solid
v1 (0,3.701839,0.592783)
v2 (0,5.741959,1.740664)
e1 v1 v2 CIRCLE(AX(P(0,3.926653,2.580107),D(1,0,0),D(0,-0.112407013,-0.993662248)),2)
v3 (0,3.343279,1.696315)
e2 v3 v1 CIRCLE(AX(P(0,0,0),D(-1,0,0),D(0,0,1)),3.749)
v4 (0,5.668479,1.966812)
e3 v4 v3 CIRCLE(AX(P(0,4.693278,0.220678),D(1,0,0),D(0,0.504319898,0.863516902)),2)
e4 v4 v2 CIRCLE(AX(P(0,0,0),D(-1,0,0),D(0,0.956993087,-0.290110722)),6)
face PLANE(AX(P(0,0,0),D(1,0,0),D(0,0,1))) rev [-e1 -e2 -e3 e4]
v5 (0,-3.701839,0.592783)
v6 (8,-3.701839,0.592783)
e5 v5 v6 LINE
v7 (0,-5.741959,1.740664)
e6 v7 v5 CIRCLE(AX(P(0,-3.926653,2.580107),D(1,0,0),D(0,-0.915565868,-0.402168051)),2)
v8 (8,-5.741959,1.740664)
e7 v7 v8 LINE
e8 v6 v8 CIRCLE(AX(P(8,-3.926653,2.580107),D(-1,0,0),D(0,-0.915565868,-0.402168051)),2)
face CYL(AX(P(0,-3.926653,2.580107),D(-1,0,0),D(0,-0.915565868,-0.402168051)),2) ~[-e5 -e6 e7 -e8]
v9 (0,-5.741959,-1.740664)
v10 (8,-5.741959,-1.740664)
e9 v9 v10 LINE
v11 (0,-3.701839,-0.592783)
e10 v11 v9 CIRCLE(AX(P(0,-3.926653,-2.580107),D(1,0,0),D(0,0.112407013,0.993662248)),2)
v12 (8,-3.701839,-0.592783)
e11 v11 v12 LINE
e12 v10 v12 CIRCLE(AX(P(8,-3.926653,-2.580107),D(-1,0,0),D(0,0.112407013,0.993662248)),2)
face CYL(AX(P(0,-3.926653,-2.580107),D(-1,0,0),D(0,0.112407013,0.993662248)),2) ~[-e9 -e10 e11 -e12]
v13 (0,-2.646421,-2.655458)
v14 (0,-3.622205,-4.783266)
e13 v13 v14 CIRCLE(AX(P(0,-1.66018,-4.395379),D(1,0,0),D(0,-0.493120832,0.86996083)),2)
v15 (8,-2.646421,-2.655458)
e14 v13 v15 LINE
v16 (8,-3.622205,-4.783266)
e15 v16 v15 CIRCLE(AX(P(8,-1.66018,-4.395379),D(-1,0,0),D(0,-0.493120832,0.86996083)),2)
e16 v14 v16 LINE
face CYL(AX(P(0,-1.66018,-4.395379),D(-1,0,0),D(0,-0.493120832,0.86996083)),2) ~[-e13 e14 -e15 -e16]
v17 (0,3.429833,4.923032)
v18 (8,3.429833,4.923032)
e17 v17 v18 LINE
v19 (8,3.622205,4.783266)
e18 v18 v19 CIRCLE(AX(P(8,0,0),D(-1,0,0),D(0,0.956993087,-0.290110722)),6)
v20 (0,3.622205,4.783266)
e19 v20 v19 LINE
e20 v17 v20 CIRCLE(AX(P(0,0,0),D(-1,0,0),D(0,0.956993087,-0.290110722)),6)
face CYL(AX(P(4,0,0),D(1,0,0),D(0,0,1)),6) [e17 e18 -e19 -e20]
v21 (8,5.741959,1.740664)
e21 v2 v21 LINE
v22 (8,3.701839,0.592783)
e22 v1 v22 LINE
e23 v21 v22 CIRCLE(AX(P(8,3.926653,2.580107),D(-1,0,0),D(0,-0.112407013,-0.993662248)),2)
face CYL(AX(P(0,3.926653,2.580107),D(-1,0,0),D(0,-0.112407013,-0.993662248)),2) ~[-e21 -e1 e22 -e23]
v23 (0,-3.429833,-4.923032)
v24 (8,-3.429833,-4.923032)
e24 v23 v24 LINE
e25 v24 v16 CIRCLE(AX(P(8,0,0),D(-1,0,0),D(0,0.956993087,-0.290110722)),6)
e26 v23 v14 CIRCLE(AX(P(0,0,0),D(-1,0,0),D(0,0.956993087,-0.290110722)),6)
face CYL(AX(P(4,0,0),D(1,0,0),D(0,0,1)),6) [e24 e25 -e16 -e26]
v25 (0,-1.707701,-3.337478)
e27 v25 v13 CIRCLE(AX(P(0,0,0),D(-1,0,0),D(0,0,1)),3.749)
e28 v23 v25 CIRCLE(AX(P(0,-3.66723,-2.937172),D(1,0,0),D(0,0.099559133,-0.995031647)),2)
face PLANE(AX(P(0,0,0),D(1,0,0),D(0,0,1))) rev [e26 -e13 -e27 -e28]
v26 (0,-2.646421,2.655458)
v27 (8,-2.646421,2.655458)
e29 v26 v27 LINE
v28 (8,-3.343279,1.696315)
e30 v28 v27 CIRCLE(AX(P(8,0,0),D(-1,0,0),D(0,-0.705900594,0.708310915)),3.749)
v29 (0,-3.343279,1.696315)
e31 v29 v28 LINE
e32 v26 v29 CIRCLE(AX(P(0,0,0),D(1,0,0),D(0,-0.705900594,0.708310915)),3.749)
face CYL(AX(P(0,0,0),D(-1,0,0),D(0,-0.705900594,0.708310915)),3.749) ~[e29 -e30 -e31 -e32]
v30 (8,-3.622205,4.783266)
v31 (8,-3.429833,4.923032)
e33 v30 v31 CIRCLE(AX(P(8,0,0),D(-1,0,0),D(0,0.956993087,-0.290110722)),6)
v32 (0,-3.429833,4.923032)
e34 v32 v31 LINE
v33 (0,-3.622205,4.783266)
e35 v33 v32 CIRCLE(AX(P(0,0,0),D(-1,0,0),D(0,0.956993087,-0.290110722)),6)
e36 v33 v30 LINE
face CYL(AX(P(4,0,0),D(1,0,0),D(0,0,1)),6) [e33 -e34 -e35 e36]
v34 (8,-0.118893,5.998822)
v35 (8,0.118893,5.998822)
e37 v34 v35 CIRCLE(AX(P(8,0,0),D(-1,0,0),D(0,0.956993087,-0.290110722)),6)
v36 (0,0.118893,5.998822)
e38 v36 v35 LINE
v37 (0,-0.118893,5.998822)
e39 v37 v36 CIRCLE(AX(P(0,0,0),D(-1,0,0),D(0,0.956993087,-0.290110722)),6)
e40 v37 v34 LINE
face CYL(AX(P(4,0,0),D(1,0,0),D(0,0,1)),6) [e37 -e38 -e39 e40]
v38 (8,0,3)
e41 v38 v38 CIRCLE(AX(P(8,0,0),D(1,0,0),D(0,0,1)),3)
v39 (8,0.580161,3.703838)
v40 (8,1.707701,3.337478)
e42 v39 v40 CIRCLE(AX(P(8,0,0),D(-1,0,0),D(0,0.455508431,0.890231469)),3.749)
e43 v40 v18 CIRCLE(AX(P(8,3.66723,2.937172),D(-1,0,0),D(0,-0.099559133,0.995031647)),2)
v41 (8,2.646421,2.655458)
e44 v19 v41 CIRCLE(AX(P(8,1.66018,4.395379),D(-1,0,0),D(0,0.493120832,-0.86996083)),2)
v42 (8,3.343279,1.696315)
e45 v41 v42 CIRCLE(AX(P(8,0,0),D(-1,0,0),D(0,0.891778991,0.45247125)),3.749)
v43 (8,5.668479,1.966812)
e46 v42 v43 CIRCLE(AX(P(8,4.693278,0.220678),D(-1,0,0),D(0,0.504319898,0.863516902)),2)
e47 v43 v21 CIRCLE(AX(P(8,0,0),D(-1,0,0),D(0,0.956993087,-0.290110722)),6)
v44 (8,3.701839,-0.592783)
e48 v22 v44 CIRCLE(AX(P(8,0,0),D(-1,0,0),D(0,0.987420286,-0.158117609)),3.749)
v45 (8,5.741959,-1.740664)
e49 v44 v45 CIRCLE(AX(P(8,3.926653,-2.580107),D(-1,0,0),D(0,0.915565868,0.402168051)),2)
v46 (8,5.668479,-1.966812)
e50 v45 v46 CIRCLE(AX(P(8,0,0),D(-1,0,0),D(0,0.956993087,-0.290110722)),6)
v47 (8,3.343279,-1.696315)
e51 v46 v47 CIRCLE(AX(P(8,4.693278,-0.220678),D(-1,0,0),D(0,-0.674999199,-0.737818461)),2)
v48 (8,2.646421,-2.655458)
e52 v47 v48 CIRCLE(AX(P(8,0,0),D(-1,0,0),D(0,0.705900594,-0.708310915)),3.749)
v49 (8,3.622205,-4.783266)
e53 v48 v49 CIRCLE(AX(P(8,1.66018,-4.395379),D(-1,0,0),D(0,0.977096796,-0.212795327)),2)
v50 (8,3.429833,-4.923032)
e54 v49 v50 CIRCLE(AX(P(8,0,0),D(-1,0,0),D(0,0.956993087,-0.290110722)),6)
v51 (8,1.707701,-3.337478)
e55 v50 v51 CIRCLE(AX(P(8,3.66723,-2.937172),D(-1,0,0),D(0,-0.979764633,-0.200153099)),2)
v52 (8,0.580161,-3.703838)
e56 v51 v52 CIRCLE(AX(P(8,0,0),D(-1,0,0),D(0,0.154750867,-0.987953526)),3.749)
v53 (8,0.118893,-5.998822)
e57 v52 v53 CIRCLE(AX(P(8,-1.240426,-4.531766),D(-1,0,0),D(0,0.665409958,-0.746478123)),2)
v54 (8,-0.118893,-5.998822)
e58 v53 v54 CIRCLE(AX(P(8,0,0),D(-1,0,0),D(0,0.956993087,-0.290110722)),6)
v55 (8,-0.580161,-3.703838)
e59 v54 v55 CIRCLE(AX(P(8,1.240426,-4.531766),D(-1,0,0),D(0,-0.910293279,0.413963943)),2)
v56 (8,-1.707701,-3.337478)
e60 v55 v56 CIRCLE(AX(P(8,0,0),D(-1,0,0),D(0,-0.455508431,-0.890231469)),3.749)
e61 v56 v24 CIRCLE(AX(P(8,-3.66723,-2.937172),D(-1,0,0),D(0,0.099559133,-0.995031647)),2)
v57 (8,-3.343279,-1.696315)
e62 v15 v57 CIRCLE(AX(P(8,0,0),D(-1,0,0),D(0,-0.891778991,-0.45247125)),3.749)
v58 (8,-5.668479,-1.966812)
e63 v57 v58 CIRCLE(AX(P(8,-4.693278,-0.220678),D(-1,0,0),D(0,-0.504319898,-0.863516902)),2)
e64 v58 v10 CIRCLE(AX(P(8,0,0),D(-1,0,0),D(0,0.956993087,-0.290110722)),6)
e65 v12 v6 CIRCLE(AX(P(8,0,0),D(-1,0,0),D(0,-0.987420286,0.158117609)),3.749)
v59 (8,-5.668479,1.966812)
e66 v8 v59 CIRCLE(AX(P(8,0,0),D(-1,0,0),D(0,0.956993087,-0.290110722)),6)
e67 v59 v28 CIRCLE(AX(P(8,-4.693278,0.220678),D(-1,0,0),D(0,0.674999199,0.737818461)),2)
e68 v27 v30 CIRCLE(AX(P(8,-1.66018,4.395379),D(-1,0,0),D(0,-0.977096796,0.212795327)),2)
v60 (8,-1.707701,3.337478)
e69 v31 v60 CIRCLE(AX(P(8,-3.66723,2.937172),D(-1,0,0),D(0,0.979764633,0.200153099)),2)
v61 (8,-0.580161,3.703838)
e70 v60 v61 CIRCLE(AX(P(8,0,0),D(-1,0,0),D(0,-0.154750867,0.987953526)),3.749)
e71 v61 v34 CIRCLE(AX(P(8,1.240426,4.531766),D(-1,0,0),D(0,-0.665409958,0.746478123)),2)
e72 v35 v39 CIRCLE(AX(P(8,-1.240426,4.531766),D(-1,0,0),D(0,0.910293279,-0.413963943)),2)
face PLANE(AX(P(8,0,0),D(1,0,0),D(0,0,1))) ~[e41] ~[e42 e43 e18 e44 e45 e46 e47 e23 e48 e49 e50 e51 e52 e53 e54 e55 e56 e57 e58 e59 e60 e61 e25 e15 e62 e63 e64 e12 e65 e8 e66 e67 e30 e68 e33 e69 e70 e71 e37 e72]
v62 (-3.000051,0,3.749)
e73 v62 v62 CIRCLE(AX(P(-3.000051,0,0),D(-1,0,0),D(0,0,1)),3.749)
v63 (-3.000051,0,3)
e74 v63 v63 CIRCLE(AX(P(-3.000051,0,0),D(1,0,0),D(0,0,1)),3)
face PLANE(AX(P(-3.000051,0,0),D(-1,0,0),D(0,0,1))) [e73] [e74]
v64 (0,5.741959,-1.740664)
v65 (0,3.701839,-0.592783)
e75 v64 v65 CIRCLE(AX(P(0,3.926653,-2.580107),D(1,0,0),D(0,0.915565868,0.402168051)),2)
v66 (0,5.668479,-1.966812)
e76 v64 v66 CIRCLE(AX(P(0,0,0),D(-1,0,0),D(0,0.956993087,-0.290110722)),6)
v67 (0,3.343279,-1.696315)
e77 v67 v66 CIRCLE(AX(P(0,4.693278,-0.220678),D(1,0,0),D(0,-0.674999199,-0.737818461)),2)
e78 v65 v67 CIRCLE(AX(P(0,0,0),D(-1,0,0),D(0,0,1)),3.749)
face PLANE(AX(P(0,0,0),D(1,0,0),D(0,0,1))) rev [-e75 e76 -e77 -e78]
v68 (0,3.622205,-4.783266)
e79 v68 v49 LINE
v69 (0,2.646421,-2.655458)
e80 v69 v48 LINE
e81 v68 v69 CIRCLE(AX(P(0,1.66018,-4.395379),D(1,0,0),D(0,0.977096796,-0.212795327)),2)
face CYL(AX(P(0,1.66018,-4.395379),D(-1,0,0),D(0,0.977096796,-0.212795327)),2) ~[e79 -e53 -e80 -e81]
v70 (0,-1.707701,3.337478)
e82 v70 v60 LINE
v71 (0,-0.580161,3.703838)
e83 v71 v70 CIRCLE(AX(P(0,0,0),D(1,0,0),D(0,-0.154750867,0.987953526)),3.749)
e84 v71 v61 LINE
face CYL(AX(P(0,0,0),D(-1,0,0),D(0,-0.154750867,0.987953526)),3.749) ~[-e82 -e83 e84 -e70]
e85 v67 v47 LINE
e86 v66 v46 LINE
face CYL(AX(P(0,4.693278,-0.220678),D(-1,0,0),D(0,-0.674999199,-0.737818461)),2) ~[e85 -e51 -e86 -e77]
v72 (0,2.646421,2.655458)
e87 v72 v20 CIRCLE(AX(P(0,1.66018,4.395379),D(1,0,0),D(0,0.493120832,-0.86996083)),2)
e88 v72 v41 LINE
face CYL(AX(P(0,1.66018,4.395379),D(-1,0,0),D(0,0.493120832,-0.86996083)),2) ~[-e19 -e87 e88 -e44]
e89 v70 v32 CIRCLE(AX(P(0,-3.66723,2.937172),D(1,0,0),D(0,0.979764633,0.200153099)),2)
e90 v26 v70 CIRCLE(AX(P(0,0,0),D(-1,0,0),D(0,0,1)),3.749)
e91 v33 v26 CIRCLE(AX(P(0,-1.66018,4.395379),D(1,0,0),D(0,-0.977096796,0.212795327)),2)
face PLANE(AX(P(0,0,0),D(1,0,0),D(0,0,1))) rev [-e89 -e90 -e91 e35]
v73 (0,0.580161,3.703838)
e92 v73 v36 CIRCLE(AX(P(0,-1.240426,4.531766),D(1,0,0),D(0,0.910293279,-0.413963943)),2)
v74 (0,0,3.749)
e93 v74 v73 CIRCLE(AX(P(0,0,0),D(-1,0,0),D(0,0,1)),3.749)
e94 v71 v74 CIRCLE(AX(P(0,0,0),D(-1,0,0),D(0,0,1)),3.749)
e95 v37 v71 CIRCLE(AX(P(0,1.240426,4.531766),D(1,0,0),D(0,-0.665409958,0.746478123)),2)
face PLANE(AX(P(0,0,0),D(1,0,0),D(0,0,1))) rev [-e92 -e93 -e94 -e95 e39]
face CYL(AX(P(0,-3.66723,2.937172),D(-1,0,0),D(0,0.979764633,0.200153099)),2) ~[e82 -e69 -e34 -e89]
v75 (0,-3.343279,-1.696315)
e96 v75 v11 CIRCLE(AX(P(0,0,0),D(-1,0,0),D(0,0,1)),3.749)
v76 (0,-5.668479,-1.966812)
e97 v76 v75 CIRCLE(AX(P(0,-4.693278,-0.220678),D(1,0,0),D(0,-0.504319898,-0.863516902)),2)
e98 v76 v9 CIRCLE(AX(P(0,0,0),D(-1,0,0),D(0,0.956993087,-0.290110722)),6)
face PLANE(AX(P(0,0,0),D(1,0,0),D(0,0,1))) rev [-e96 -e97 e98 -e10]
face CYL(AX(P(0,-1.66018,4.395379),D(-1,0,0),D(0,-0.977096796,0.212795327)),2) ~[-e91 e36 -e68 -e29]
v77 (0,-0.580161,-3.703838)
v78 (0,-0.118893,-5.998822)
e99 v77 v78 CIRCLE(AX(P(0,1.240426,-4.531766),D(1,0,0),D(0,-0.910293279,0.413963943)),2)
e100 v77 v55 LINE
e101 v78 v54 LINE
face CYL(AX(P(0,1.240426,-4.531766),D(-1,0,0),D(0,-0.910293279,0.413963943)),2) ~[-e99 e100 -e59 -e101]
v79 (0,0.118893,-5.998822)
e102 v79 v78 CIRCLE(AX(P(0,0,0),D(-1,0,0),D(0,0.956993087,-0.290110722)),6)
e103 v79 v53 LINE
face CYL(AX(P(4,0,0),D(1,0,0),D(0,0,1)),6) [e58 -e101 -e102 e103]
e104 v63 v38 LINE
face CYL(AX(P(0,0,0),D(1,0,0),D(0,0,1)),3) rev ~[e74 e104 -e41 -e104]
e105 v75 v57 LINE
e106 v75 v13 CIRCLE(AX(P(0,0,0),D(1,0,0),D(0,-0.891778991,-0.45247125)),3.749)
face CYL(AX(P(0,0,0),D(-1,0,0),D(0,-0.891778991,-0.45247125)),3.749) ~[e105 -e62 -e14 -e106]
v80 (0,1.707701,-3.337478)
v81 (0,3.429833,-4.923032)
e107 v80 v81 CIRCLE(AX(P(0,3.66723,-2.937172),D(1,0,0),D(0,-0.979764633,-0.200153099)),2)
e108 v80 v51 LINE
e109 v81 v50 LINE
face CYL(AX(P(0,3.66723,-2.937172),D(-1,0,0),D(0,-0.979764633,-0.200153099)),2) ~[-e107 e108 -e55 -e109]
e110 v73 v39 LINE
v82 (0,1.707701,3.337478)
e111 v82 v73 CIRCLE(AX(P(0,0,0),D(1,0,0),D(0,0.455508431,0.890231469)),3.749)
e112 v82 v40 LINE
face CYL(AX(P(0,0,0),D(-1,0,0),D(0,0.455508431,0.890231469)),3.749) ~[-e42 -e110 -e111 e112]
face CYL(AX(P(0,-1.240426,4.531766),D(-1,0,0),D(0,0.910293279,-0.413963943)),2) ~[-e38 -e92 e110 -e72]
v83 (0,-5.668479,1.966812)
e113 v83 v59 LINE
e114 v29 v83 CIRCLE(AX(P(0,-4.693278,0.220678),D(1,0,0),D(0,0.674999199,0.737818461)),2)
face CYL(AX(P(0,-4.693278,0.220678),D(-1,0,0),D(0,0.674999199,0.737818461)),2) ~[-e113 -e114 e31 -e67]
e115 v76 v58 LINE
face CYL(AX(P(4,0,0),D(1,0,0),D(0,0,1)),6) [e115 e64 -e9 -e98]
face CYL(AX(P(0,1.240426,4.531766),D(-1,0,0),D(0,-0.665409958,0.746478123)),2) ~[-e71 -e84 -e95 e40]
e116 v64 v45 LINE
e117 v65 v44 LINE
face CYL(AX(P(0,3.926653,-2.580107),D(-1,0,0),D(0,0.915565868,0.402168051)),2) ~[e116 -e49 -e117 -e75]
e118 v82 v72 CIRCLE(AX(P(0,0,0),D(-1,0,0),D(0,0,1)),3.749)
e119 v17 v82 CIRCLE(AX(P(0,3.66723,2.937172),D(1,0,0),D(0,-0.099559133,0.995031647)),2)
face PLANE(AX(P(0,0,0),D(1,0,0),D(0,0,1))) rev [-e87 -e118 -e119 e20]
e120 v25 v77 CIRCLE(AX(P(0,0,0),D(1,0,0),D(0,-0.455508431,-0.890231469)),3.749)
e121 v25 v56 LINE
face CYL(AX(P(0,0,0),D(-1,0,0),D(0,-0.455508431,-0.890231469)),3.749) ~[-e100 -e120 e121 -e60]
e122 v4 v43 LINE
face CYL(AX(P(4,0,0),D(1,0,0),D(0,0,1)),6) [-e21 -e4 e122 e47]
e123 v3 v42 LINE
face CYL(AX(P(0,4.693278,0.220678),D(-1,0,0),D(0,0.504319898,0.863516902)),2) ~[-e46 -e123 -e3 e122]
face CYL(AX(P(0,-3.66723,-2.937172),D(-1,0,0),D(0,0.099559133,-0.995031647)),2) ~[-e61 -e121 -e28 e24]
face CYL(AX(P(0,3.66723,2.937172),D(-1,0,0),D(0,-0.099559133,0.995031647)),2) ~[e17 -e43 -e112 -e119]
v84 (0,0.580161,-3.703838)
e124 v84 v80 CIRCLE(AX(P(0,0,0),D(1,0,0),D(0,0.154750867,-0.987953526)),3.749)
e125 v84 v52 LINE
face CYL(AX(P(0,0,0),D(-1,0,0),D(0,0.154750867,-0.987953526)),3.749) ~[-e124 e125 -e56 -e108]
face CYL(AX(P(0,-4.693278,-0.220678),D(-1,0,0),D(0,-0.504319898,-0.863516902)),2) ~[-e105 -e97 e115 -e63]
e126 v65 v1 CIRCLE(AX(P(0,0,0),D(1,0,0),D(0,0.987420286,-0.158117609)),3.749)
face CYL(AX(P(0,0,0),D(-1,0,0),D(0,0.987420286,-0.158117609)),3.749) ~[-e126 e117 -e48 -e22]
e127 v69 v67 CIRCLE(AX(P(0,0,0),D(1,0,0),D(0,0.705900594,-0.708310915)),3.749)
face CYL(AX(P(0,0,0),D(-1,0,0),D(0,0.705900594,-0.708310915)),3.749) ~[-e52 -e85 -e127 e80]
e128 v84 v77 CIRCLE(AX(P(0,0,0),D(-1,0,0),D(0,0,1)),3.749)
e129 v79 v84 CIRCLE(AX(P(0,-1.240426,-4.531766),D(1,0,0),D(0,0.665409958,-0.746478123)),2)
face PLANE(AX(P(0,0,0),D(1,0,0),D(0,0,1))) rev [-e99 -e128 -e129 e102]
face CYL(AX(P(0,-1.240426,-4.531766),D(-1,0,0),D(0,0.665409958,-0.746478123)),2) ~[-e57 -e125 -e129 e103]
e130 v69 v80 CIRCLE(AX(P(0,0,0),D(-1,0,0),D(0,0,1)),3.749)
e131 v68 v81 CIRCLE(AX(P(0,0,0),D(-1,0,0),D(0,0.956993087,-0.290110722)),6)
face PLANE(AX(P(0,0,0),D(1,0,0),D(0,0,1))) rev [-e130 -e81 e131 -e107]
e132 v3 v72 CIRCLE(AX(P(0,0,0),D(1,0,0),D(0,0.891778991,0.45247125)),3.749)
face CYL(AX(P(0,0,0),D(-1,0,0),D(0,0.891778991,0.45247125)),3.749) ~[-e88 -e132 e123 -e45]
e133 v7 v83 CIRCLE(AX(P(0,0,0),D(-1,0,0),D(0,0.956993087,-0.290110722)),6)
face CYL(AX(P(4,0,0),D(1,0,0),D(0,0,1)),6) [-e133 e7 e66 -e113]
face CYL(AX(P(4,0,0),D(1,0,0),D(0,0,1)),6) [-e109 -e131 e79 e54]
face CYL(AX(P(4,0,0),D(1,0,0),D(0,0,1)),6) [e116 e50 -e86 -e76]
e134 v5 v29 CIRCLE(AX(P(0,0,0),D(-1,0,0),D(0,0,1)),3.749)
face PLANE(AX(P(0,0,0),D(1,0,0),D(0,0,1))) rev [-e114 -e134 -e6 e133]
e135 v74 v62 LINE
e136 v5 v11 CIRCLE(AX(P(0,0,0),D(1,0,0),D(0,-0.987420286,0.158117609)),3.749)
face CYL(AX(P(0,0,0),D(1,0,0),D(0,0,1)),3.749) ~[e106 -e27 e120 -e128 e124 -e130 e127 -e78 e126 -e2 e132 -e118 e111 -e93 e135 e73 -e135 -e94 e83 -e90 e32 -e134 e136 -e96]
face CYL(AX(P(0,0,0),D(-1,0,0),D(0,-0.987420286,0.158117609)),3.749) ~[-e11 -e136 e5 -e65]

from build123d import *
from build123d.topology import SkipClean

# Parameters (mm, degrees)
BASPROSKE_W      = 8
BASPROSKE_H      = 6
TOOTHCUT_DEPTH   = 12.66190379
TEETHCUTS_COUNT  = 10
TEETHCUTS_ANGLE  = 324
HUBNEAONESKE_R   = 3.749
HUBNEARONE_DEPTH = 3.0000508
BORSKE_R         = 3
BORE_DEPTH       = 11.0000508


with BuildPart() as part:
    # BasProSke → Base-Revolve (revolve)
    with BuildSketch(Plane(origin=(0, 0, 0), x_dir=(1, 0, 0), z_dir=(0, 1, 0)), mode=Mode.PRIVATE) as base_revolve_sk:
        with Locations((4, 3)):
            Rectangle(BASPROSKE_W, BASPROSKE_H)
    revolve(base_revolve_sk.sketch.rotate(Axis((-10, 0, 0), (1, 0, 0)), 180), axis=Axis((-10, 0, 0), (1, 0, 0)))

    # TooCutSke → ToothCut (cut, through all)
    with BuildSketch(Plane(origin=(0, 0, 0), x_dir=(0, 0, -1), z_dir=(1, 0, 0))):
        with BuildLine():
            ThreePointArc((0.59278292, 3.701838653), (0, 3.749), (-0.59278292, 3.701838653))
            ThreePointArc((-0.59278292, 3.701838653), (-0.846593509, 4.924114224), (-1.775771316, 5.757784417))
            ThreePointArc((-1.775771316, 5.757784417), (0, 6.0254), (1.775771316, 5.757784417))
            ThreePointArc((1.775771316, 5.757784417), (0.846593509, 4.924114224), (0.59278292, 3.701838653))
        make_face()
    toothcut = extrude(amount=TOOTHCUT_DEPTH, mode=Mode.SUBTRACT)

    # TeethCuts: ToothCut ×10 about axis
    teethcuts_axis = Axis((0, 0, 0), (1, 0, 0))
    for i in range(1, TEETHCUTS_COUNT):
        add(toothcut.rotate(teethcuts_axis, i * TEETHCUTS_ANGLE / (TEETHCUTS_COUNT - 1)), mode=Mode.SUBTRACT)

    # HubNeaOneSke → HubNearOne (add)
    with SkipClean():  # the faces are left unmerged after this step: merging them gives an invalid solid
        with BuildSketch(Plane.ZY):
            Circle(HUBNEAONESKE_R)
        extrude(amount=HUBNEARONE_DEPTH)

    # BorSke → Bore (cut, symmetric)
    with SkipClean():  # the faces are left unmerged after this step: merging them gives an invalid solid
        with BuildSketch(Plane(origin=(0, 0, 0), x_dir=(0, 0, -1), z_dir=(1, 0, 0))):
            with Locations(Location((0, 0, 0), (0, 0, 180))):
                Circle(BORSKE_R)
        extrude(amount=BORE_DEPTH, both=True, mode=Mode.SUBTRACT)


solid = part.part
